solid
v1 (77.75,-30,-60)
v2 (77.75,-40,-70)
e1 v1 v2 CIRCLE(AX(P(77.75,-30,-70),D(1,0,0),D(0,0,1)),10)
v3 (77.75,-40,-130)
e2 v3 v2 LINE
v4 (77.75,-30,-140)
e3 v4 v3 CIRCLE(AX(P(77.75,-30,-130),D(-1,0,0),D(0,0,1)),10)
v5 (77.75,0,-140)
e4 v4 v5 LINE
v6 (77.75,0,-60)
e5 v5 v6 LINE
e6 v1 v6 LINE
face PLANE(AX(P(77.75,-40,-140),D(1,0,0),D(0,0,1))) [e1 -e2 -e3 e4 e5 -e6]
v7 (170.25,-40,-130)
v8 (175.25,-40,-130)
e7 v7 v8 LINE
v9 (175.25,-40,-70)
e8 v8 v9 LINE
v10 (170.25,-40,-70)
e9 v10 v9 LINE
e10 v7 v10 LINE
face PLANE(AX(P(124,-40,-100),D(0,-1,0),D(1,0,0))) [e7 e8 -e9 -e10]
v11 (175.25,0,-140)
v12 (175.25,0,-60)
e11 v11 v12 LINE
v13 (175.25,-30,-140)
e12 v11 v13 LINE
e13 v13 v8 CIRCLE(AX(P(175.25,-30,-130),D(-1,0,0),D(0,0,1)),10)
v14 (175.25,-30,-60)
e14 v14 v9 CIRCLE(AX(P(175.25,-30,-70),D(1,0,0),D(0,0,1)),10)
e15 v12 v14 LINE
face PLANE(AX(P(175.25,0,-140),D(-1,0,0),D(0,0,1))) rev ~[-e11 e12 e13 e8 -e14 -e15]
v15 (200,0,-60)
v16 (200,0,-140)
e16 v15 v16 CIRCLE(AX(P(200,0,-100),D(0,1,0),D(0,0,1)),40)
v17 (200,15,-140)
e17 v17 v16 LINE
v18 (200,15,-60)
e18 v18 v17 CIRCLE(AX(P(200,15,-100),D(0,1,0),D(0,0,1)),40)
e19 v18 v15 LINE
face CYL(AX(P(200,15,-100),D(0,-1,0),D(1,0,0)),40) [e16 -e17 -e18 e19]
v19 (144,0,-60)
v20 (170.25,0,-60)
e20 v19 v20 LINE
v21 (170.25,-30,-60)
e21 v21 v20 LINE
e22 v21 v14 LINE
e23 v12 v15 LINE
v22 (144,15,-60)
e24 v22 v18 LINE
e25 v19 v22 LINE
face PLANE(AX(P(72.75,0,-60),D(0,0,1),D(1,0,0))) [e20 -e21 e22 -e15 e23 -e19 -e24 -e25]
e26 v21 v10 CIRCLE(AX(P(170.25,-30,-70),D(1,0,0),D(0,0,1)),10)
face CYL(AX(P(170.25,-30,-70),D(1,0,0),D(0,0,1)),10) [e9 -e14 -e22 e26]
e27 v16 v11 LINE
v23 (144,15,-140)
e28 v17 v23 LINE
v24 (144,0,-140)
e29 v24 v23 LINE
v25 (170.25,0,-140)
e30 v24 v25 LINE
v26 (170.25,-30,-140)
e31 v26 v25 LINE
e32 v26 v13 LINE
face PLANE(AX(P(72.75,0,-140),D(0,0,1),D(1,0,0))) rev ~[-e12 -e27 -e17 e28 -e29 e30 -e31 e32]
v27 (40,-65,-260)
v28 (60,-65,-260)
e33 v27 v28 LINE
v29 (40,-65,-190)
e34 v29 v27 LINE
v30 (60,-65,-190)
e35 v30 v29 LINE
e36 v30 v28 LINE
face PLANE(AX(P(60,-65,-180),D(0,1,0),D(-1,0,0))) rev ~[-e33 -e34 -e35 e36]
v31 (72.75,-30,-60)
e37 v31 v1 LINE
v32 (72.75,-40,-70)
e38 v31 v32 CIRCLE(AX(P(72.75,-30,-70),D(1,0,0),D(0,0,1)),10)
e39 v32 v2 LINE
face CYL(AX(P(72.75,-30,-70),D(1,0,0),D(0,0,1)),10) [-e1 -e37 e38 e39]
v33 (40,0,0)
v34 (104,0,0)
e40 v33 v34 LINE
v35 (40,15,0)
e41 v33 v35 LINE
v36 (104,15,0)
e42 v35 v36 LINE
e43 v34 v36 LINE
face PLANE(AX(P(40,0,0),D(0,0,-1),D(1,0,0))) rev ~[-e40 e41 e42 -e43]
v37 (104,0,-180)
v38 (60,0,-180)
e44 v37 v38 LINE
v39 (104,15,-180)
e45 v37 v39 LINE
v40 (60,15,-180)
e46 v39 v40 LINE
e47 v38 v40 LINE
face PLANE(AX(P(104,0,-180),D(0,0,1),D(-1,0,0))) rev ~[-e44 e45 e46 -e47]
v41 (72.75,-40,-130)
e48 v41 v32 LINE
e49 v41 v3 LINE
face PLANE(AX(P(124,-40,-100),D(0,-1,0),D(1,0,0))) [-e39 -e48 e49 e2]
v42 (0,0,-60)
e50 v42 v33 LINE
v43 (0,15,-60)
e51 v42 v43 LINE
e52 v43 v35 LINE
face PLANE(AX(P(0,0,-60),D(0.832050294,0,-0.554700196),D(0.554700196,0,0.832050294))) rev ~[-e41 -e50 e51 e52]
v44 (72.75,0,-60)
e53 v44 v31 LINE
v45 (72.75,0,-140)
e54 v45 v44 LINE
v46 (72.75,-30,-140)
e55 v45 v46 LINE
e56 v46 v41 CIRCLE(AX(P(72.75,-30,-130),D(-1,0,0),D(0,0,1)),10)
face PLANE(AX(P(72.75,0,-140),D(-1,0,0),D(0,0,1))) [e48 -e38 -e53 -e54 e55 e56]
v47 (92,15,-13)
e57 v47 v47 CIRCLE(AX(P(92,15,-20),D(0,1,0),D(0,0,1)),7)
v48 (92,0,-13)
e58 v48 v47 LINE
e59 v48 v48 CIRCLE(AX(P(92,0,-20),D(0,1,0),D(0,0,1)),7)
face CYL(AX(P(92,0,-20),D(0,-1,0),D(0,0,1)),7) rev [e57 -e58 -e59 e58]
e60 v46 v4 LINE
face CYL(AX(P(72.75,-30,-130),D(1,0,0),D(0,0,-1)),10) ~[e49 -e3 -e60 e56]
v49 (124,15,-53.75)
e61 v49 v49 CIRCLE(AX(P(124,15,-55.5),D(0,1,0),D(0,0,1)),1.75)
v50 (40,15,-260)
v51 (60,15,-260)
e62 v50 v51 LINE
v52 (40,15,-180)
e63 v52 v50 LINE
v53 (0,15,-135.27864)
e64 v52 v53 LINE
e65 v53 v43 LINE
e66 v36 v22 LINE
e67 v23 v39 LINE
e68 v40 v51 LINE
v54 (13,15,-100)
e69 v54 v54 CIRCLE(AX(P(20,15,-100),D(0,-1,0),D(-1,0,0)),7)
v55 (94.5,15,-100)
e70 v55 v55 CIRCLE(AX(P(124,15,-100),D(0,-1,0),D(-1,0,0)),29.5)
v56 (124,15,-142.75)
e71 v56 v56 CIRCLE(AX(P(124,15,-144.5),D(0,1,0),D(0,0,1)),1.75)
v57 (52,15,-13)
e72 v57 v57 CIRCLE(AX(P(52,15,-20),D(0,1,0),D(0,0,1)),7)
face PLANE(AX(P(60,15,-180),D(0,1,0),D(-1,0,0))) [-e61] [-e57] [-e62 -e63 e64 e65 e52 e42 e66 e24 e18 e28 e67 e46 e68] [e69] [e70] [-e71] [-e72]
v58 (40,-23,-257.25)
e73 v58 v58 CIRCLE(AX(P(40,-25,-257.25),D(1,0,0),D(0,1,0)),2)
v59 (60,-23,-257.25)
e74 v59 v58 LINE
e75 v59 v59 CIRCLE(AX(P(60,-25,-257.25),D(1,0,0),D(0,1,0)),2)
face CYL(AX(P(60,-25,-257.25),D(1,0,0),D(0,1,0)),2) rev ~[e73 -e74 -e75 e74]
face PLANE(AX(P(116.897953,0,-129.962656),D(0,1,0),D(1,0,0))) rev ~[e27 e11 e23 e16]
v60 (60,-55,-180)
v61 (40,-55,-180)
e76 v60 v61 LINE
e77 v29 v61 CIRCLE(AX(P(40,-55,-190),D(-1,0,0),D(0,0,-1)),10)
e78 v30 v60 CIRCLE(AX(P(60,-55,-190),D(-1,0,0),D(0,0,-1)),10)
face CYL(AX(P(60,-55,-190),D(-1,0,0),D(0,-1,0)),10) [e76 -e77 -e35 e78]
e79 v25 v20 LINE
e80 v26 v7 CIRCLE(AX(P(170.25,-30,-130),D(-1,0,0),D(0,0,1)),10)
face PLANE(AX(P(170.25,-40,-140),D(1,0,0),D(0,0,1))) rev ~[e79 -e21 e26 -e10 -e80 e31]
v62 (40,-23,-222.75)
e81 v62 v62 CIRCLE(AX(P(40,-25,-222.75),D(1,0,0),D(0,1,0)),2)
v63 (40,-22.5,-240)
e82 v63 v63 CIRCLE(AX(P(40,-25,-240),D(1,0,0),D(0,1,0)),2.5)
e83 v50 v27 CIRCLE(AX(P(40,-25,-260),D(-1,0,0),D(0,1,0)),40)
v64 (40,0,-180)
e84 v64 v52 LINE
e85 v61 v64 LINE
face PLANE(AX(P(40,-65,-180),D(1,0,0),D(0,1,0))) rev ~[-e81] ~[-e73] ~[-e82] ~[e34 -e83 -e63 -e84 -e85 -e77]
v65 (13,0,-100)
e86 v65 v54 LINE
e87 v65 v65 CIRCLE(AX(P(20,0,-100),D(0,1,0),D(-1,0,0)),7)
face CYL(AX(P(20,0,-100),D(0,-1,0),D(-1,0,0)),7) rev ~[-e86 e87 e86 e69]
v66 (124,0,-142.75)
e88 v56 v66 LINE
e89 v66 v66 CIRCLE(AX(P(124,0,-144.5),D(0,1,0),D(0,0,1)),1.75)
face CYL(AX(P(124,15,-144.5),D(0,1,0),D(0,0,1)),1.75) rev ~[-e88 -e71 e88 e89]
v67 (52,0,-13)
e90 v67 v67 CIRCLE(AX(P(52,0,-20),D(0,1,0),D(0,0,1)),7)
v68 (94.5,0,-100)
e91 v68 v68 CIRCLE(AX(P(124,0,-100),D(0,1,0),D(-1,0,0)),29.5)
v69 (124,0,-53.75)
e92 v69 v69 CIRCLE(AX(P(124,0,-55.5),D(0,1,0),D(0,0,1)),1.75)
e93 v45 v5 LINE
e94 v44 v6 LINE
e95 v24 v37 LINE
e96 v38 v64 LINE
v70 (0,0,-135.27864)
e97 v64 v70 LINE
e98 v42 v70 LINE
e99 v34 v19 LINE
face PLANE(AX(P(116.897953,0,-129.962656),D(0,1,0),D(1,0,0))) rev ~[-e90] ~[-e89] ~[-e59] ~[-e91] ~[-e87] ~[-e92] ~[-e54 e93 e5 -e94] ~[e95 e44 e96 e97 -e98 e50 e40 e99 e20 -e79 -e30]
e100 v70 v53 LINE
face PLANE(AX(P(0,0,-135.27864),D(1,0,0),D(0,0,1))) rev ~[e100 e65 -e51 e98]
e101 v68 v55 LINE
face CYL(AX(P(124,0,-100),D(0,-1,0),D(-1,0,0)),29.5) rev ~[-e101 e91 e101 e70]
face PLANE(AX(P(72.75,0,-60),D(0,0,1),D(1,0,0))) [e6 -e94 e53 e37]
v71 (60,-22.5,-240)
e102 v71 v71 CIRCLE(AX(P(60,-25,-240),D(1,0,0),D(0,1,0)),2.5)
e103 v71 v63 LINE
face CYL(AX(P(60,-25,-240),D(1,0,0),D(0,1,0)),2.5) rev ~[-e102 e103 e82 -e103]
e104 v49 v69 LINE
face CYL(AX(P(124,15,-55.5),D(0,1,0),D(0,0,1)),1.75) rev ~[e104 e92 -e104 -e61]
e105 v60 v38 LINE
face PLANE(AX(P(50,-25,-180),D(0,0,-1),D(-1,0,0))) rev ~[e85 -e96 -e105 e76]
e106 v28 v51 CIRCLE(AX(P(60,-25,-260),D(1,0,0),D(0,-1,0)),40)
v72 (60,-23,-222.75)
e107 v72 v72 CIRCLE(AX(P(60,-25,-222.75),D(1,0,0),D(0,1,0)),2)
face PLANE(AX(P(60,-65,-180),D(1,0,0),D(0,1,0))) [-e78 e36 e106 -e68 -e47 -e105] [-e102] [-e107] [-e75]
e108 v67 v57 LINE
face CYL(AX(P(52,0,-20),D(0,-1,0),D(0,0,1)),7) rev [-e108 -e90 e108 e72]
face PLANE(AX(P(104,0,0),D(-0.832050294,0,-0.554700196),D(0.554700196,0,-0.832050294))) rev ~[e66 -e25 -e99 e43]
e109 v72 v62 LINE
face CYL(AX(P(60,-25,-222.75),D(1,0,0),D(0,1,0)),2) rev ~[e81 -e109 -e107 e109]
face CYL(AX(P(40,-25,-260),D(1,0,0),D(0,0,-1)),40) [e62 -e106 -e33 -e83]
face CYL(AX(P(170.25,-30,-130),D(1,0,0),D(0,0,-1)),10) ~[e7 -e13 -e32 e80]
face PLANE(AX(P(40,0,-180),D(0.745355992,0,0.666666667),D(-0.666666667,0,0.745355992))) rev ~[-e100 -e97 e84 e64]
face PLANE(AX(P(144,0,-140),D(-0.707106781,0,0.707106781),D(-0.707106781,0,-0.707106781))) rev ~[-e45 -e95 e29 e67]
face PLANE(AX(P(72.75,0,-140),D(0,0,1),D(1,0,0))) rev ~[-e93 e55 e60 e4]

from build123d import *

# Parameters (mm, degrees)
SKETCH_1_R          = 7
EXTRUDE_1_DEPTH     = 15
SKETCH_2_W          = 20
SKETCH_2_H          = 80
EXTRUDE_3_DEPTH     = 120
SKETCH_3_R          = 2.5
SKETCH_3_R_2        = 2
CUT_EXTRUDE_1_DEPTH = 120
SKETCH_4_W          = 102.5
SKETCH_4_H          = 80
EXTRUDE_4_DEPTH     = 40
SKETCH_5_W          = 92.5
SKETCH_5_H          = 80
CUT_EXTRUDE_2_DEPTH = 40
FILLET_1_R          = 10
FILLET_2_RADIUS     = 40
FILLET_2_LENGTH     = 20
FILLET_3_R          = 10
SKETCH_6_R          = 1.75
CUT_EXTRUDE_4_DEPTH = 40
FILLET_5_RADIUS     = 40
FILLET_5_LENGTH     = 15


with BuildPart() as part:
    # 草图1 → 凸台-拉伸1 (new body)
    # profile 1 of 2: a face of its own
    with BuildSketch(Plane(origin=(0, 0, 0), x_dir=(1, 0, 0), z_dir=(0, 1, 0))):
        with BuildLine():
            Line((13, 100), (0, 100))
            Line((0, 100), (0, 60))
            Line((0, 60), (40, 0))
            Line((40, 0), (104, 0))
            Line((104, 0), (144, 60))
            Line((144, 60), (240, 60))
            Line((240, 60), (240, 100))
            Line((240, 100), (153.5, 100))
            ThreePointArc((153.5, 100), (124, 70.5), (94.5, 100))
            Line((94.5, 100), (27, 100))
            ThreePointArc((27, 100), (20, 93), (13, 100))
        make_face()
        with Locations(Location((52, 20, 0), (0, 0, 270))):
            Circle(SKETCH_1_R, mode=Mode.SUBTRACT)
        with Locations(Location((92, 20, 0), (0, 0, 270))):
            Circle(SKETCH_1_R, mode=Mode.SUBTRACT)
    # profile 2 of 2: a face of its own
    with BuildSketch(Plane(origin=(0, 0, 0), x_dir=(1, 0, 0), z_dir=(0, 1, 0))):
        with BuildLine():
            Line((104, 180), (40, 180))
            Line((40, 180), (0, 135.27864045))
            Line((0, 135.27864045), (0, 100))
            Line((0, 100), (13, 100))
            ThreePointArc((13, 100), (20, 107), (27, 100))
            Line((27, 100), (94.5, 100))
            ThreePointArc((94.5, 100), (124, 129.5), (153.5, 100))
            Line((153.5, 100), (240, 100))
            Line((240, 100), (240, 140))
            Line((240, 140), (144, 140))
            Line((144, 140), (104, 180))
        make_face()
    extrude(amount=EXTRUDE_1_DEPTH)

    # 草图2 → 凸台-拉伸3 (add)
    with BuildSketch(Plane(origin=(0, 0, -180), x_dir=(-1, 0, 0), z_dir=(0, 0, -1))):
        with Locations((-50, -25)):
            Rectangle(SKETCH_2_W, SKETCH_2_H)
    extrude(amount=EXTRUDE_3_DEPTH)

    # 草图3 → 切除-拉伸1 (cut)
    with BuildSketch(Plane(origin=(60, 0, 0), x_dir=(0, 0, -1), z_dir=(1, 0, 0))):
        with Locations(Location((240, -25, 0), (0, 0, 90))):
            Circle(SKETCH_3_R)
        with Locations(Location((257.25, -25, 0), (0, 0, 90))):
            Circle(SKETCH_3_R_2)
        with Locations(Location((222.75, -25, 0), (0, 0, 90))):
            Circle(SKETCH_3_R_2)
    extrude(amount=-CUT_EXTRUDE_1_DEPTH, mode=Mode.SUBTRACT)

    # 草图4 → 凸台-拉伸4 (add)
    with BuildSketch(Plane.XZ):
        with Locations((124, -100)):
            Rectangle(SKETCH_4_W, SKETCH_4_H)
    extrude(amount=EXTRUDE_4_DEPTH)

    # 草图5 → 切除-拉伸2 (cut)
    with BuildSketch(Plane.XZ.offset(40)):
        with Locations((124, -100)):
            Rectangle(SKETCH_5_W, SKETCH_5_H)
    extrude(amount=-CUT_EXTRUDE_2_DEPTH, mode=Mode.SUBTRACT)

    # 圆角1
    fillet_1_edges = [part.edges().sort_by_distance(p)[0] for p in [
        (172.75, -40, -140),
        (172.75, -40, -60),
        (75.25, -40, -140),
        (75.25, -40, -60),
    ]]
    fillet(fillet_1_edges, radius=FILLET_1_R)

    # 圆角2: full round fillet: the end face becomes a half cylinder, R = half its width
    fillet_2_face = Plane((50, -25, -300), x_dir=(1, 0, 0), z_dir=(0, 0, -1))  # on the end face: x along it, z out of the body
    fillet_2_slab = fillet_2_face.offset(-FILLET_2_RADIUS / 2) * Box(FILLET_2_LENGTH, 2 * FILLET_2_RADIUS, FILLET_2_RADIUS, mode=Mode.PRIVATE)  # the body's end, R deep
    fillet_2_round = Plane((50, -25, -260), x_dir=(0, 0, -1), z_dir=(1, 0, 0)) * Cylinder(FILLET_2_RADIUS, FILLET_2_LENGTH, mode=Mode.PRIVATE)  # its axis R under the face
    add(fillet_2_slab - fillet_2_round, mode=Mode.SUBTRACT)

    # 圆角3
    fillet_3_edges = [part.edges().sort_by_distance(p)[0] for p in [
        (50, -65, -180),
    ]]
    fillet(fillet_3_edges, radius=FILLET_3_R)

    # 草图6 → 切除-拉伸4 (cut)
    with BuildSketch(Plane(origin=(0, 15, 0), x_dir=(1, 0, 0), z_dir=(0, 1, 0))):
        with Locations(Location((124, 144.5, 0), (0, 0, 270))):
            Circle(SKETCH_6_R)
        with Locations(Location((124, 55.5, 0), (0, 0, 270))):
            Circle(SKETCH_6_R)
    extrude(amount=-CUT_EXTRUDE_4_DEPTH, mode=Mode.SUBTRACT)

    # 圆角5: full round fillet: the end face becomes a half cylinder, R = half its width
    fillet_5_face = Plane((240, 7.5, -100), x_dir=(0, -1, 0), z_dir=(1, 0, 0))  # on the end face: x along it, z out of the body
    fillet_5_slab = fillet_5_face.offset(-FILLET_5_RADIUS / 2) * Box(FILLET_5_LENGTH, 2 * FILLET_5_RADIUS, FILLET_5_RADIUS, mode=Mode.PRIVATE)  # the body's end, R deep
    fillet_5_round = Plane((200, 7.5, -100), x_dir=(1, 0, 0), z_dir=(0, -1, 0)) * Cylinder(FILLET_5_RADIUS, FILLET_5_LENGTH, mode=Mode.PRIVATE)  # its axis R under the face
    add(fillet_5_slab - fillet_5_round, mode=Mode.SUBTRACT)


solid = part.part
